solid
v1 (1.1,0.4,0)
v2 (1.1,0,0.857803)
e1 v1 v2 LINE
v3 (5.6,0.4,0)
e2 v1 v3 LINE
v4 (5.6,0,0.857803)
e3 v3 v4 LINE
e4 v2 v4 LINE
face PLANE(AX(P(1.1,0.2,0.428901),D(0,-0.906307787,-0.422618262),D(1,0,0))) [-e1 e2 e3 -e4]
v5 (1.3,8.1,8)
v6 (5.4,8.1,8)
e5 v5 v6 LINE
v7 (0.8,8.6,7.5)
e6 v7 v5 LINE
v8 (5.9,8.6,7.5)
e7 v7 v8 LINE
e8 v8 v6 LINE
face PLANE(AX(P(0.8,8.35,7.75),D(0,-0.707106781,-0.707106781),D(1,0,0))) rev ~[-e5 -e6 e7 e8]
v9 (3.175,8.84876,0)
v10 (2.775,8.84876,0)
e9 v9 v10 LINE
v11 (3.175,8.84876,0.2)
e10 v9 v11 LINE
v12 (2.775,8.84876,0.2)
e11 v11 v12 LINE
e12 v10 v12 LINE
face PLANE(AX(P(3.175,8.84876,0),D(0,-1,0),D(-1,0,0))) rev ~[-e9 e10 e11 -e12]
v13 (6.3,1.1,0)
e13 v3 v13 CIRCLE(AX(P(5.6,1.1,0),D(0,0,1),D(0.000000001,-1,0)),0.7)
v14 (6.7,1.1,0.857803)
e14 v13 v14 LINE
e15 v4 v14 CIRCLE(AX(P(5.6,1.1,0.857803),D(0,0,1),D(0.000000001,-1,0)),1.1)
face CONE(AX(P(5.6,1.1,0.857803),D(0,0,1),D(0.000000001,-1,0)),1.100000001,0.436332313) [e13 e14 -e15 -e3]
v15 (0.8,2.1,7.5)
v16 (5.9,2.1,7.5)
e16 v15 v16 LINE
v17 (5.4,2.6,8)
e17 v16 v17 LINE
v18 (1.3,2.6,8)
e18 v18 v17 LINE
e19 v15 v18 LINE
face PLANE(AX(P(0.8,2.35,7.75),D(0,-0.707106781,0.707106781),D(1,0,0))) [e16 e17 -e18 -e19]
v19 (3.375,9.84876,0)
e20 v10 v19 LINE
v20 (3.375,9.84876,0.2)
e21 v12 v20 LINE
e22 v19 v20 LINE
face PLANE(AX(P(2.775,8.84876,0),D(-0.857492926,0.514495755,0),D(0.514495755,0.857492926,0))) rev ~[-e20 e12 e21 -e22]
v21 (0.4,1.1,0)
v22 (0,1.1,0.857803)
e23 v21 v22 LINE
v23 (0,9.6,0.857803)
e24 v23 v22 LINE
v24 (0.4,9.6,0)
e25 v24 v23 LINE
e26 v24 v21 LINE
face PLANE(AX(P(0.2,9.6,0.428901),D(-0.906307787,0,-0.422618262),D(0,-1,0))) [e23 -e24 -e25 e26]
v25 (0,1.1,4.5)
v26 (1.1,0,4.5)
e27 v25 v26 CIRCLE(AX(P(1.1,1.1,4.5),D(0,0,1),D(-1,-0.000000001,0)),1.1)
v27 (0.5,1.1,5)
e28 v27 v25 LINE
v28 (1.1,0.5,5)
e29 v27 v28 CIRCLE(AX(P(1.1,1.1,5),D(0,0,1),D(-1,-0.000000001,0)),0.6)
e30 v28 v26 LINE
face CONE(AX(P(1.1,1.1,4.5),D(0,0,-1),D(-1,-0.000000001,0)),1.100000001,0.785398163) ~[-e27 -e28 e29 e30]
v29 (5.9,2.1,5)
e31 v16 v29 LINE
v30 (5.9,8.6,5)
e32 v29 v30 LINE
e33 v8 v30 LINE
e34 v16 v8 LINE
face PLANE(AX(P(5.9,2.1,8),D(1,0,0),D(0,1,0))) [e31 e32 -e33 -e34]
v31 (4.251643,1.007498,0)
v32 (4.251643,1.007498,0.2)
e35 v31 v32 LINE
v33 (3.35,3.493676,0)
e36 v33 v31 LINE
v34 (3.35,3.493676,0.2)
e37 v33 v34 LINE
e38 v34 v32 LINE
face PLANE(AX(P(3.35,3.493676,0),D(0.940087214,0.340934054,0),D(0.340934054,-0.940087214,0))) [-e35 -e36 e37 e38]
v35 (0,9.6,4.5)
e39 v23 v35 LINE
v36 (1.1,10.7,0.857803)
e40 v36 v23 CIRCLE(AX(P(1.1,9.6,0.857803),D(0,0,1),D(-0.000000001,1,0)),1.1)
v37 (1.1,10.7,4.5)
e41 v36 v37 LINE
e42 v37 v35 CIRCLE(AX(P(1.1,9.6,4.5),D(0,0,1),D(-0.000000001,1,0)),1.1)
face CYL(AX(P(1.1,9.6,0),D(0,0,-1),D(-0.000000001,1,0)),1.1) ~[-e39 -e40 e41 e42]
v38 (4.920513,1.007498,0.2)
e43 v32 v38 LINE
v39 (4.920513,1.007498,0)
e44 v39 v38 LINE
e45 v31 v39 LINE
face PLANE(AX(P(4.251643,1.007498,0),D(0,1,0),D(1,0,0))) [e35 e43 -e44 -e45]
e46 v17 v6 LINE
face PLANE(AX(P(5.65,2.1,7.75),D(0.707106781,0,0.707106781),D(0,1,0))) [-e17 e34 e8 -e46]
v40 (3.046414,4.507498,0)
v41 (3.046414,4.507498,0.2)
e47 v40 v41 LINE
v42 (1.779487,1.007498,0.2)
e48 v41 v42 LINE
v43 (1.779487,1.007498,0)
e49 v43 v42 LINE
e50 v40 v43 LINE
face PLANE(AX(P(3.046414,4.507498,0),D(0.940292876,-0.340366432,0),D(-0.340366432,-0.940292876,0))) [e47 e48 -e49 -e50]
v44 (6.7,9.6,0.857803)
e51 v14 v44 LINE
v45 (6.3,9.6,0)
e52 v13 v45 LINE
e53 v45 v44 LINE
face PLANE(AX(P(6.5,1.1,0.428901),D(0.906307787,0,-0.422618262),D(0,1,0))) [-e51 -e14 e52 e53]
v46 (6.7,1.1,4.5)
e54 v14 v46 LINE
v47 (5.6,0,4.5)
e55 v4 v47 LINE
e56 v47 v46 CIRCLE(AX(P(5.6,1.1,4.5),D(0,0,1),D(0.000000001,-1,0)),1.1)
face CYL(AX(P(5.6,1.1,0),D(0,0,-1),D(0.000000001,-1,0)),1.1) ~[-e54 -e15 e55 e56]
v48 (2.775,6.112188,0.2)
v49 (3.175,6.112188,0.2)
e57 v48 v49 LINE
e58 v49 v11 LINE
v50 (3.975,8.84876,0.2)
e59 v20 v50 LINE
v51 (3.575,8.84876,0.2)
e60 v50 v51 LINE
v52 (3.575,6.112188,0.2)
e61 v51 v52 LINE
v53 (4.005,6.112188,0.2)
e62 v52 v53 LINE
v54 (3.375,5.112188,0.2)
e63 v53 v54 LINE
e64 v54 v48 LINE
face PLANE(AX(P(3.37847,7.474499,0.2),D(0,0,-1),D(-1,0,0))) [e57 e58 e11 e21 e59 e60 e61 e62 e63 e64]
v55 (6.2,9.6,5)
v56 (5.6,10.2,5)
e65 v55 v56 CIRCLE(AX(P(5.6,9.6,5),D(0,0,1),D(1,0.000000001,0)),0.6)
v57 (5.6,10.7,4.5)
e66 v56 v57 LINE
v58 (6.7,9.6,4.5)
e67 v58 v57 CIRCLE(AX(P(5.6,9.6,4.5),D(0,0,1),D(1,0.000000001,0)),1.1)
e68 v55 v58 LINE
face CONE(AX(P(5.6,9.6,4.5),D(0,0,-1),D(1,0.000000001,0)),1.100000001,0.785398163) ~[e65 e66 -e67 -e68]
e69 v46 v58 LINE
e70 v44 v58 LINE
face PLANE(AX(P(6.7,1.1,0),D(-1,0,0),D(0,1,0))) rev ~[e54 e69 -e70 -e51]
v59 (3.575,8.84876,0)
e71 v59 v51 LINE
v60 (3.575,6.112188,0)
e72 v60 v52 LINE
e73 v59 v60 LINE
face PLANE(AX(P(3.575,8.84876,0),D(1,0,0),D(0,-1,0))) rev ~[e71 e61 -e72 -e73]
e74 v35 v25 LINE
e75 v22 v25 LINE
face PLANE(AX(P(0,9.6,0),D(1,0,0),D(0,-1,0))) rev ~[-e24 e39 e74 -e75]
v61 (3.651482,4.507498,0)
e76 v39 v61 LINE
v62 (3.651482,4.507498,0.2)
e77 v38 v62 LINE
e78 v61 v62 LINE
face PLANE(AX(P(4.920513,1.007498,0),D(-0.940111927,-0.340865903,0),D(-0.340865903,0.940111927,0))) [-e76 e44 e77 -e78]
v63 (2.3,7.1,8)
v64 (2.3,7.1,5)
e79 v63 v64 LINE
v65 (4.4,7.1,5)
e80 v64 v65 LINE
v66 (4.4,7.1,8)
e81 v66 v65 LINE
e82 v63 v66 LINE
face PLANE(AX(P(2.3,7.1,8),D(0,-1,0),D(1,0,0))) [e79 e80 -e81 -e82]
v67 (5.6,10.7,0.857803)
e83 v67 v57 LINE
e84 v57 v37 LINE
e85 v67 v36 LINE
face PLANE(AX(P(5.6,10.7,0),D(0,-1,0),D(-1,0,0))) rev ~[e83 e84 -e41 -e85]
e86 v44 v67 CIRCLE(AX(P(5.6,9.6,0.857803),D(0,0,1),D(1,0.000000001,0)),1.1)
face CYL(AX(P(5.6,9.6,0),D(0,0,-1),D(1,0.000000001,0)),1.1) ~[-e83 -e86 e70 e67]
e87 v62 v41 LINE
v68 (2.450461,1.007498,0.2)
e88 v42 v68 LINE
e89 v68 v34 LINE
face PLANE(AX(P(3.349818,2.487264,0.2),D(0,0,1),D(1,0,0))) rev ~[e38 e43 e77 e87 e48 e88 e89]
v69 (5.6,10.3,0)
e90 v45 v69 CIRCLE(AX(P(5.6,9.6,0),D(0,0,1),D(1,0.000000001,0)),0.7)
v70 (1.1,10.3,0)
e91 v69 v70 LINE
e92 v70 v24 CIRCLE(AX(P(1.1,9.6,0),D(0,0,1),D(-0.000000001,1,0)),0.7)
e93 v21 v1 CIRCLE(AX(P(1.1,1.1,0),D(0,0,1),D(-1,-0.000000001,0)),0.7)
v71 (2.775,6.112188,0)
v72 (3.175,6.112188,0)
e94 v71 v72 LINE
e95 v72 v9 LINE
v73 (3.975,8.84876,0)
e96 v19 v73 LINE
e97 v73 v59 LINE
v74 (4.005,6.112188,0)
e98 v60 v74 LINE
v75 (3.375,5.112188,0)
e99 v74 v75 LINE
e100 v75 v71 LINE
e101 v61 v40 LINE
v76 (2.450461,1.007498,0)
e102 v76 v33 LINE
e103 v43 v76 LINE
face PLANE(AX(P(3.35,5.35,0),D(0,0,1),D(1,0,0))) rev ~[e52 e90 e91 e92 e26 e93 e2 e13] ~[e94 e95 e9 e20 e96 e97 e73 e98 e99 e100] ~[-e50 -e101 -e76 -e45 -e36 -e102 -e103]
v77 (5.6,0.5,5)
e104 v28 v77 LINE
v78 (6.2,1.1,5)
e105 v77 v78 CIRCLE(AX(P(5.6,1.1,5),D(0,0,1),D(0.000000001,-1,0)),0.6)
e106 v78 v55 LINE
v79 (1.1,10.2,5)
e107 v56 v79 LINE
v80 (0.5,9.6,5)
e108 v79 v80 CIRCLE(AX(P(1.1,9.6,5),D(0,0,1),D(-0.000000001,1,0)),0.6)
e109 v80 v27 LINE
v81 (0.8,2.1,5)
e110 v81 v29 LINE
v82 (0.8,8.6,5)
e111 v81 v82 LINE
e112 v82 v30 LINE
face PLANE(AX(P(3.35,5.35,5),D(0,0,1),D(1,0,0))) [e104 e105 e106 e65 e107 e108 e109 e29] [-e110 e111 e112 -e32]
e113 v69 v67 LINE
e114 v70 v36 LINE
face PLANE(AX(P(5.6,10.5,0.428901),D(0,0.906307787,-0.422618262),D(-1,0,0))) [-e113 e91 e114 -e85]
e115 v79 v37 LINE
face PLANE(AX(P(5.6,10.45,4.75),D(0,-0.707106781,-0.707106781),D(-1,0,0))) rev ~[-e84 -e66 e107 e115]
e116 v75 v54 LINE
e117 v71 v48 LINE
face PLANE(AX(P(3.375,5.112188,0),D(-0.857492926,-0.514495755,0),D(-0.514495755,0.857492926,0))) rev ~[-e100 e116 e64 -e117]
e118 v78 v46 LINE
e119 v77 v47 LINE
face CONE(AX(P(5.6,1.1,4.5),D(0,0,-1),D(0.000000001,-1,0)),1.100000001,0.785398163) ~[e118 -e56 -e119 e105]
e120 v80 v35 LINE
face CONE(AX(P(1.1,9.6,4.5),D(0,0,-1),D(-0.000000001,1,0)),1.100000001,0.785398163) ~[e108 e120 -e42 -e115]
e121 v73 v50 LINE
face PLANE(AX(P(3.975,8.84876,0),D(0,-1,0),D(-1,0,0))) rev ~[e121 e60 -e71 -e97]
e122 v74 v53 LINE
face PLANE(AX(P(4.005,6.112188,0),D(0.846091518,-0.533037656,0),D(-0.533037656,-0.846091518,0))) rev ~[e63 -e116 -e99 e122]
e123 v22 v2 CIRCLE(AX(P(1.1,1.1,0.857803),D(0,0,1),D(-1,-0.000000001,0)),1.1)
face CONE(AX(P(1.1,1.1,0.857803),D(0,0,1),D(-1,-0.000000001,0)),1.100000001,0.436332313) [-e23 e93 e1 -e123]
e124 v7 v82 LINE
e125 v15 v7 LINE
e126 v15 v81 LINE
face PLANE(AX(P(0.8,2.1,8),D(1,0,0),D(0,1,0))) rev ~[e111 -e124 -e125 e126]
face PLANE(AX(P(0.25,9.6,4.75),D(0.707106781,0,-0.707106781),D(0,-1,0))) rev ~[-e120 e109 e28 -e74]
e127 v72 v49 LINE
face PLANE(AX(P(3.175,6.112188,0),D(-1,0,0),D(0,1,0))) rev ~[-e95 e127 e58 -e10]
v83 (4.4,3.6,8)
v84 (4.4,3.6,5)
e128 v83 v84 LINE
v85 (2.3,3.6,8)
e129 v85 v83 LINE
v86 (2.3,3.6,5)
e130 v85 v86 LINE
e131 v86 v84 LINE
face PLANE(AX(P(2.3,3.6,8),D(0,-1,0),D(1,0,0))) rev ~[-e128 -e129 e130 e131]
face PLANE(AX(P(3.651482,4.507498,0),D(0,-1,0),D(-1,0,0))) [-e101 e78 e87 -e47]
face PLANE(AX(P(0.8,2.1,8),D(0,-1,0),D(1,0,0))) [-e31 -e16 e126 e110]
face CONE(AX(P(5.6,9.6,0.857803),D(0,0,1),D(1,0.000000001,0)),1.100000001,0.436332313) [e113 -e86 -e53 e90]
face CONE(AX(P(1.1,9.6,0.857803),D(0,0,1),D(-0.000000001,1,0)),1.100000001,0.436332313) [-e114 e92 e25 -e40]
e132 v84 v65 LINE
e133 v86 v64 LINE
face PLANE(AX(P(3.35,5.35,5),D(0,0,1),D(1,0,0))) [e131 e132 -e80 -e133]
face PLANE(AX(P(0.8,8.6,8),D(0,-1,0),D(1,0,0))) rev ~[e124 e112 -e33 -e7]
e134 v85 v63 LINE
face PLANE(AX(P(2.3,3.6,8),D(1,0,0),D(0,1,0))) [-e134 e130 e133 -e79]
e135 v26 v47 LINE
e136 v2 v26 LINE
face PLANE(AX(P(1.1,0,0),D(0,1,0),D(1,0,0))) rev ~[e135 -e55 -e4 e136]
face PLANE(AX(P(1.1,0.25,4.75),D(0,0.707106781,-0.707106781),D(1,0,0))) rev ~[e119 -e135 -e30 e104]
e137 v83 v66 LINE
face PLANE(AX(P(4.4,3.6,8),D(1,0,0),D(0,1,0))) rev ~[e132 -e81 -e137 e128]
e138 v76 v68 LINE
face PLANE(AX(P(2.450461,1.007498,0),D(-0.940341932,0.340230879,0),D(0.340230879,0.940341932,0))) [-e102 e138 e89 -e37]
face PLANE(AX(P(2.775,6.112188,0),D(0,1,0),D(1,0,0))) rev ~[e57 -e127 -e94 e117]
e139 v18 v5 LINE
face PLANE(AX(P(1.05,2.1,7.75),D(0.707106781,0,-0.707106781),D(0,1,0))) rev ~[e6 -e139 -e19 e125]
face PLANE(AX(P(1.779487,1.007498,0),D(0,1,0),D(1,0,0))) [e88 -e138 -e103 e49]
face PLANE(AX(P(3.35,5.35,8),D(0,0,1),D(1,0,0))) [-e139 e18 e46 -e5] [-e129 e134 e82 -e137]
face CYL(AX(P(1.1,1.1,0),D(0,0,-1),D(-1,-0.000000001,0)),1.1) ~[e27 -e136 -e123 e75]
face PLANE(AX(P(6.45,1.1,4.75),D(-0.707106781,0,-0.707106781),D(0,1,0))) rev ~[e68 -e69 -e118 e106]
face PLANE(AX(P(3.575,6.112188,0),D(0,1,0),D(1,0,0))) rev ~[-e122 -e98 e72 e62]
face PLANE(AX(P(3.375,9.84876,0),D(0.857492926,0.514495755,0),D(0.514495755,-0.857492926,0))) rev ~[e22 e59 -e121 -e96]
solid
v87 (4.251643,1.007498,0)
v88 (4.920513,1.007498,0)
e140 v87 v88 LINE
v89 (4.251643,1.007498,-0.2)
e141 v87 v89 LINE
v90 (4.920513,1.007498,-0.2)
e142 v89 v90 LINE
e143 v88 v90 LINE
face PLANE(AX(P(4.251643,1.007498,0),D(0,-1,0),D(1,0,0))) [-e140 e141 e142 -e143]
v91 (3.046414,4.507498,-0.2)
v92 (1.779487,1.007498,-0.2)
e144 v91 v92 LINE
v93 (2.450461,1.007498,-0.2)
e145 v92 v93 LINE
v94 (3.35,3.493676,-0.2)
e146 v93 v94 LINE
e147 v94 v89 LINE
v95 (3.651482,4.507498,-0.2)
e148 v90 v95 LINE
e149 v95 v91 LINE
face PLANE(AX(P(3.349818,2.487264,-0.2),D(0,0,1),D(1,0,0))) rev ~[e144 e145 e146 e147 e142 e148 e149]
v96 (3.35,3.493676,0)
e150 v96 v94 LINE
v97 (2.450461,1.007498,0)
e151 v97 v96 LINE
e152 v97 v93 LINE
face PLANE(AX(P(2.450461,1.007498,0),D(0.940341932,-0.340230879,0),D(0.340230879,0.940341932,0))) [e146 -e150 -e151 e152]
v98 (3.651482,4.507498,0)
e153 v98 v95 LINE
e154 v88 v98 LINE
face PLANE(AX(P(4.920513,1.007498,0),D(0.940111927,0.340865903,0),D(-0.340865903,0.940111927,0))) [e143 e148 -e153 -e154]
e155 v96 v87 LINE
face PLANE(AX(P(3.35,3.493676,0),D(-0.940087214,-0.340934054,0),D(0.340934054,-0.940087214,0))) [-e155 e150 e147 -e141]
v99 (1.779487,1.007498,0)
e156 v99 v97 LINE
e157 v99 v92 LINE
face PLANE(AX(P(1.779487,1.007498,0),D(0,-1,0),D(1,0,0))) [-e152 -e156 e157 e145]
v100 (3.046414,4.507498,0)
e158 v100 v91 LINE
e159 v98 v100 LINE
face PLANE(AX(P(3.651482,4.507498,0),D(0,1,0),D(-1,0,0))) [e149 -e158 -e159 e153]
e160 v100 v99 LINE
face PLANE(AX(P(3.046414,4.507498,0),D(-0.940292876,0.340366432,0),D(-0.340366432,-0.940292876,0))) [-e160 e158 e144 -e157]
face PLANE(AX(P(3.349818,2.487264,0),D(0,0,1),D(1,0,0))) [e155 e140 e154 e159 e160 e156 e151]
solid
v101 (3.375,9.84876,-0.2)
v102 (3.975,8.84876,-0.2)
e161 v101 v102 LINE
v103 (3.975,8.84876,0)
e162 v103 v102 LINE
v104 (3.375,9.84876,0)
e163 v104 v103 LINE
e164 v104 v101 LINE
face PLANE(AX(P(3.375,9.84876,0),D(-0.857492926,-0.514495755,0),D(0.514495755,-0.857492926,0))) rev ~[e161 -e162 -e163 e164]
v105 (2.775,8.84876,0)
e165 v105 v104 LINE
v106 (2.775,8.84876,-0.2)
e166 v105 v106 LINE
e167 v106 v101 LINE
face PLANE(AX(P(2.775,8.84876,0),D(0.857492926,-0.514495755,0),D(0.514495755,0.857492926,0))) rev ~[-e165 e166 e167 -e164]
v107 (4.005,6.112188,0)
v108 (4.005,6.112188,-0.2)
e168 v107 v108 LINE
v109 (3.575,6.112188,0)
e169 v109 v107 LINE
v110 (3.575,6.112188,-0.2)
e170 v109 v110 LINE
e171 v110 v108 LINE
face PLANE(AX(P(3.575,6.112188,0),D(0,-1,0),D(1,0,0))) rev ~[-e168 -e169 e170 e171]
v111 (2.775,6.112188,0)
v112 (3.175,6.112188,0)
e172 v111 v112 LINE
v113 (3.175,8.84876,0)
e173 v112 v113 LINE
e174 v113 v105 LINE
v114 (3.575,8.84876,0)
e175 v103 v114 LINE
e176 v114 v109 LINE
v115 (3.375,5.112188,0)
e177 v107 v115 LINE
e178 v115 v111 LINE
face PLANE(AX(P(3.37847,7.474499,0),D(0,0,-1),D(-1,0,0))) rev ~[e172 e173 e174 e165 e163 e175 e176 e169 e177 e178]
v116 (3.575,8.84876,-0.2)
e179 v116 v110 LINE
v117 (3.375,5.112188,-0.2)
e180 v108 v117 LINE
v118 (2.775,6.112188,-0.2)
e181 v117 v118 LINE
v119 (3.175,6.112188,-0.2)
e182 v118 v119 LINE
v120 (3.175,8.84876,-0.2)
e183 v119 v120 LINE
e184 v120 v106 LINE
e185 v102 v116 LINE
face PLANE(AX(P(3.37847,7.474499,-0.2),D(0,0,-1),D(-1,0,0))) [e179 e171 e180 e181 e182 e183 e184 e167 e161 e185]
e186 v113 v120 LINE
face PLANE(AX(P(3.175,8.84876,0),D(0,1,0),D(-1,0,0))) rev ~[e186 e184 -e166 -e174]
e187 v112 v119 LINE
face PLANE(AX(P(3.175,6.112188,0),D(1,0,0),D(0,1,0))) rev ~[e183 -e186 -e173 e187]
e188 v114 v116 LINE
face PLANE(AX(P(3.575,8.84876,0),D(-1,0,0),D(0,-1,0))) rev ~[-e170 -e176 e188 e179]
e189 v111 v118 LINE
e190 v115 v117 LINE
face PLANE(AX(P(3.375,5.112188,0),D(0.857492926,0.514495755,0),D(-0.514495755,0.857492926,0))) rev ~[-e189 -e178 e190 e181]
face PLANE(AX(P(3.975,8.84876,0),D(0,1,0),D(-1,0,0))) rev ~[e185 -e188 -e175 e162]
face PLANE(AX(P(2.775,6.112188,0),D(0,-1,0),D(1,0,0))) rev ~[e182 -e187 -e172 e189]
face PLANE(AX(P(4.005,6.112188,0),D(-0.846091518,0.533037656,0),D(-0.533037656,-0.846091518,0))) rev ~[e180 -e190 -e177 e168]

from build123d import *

# Parameters (mm, degrees)
BOSS_EXTRU_1_DEPTH      = 8
CHANFREIN1_SIZE         = 0.4
CHANFREIN1_SIZE2        = 0.857802768
ESQUISSE3_W             = 2.1
ESQUISSE3_H             = 3.5
ENL_V_MAT_EXTRU_4_DEPTH = 3
ESQUISSE4_OUTSIDE_W     = 11.69
ESQUISSE4_OUTSIDE_H     = 15.69
ESQUISSE4_OUTSIDE_W_2   = 5.1
ESQUISSE4_OUTSIDE_H_2   = 6.5
ENL_V_MAT_EXTRU_5_DEPTH = 3
CHANFREIN2_SIZE         = 0.5
BOSS_EXTRU_2_DEPTH      = 0.2
ENL_V_MAT_EXTRU_6_DEPTH = 0.2


with BuildPart() as part:
    # Esquisse2 → Boss.-Extru.1 (new body)
    with BuildSketch(Plane.XY):
        with BuildLine():
            Line((1.1, 0), (5.6, 0))
            ThreePointArc((5.6, 0), (6.377817459, 0.322182541), (6.7, 1.1))
            Line((6.7, 1.1), (6.7, 9.6))
            ThreePointArc((6.7, 9.6), (6.377817459, 10.377817459), (5.6, 10.7))
            Line((5.6, 10.7), (1.1, 10.7))
            ThreePointArc((1.1, 10.7), (0.322182541, 10.377817459), (0, 9.6))
            Line((0, 9.6), (0, 1.1))
            ThreePointArc((0, 1.1), (0.322182541, 0.322182541), (1.1, 0))
        make_face()
    extrude(amount=BOSS_EXTRU_1_DEPTH)

    # Chanfrein1
    chanfrein1_edges = [part.edges().sort_by_distance(p)[0] for p in [
        (3.35, 0, 0),
        (6.377817459, 0.322182541, 0),
        (0.322182541, 0.322182541, 0),
        (6.7, 5.35, 0),
        (0, 5.35, 0),
        (6.377817459, 10.377817459, 0),
        (0.322182541, 10.377817459, 0),
        (3.35, 10.7, 0),
    ]]
    chanfrein1_side = [part.faces().sort_by_distance(p)[0] for p in [
        (3.35, 5.35, 0),
    ]]
    chamfer(chanfrein1_edges, length=CHANFREIN1_SIZE, length2=CHANFREIN1_SIZE2, reference=chanfrein1_side[0])

    # Esquisse3 → Enl_v. mat.-Extru.4 (cut)
    with BuildSketch(Plane.XY.offset(8)):
        with Locations((3.35, 5.35)):
            Rectangle(ESQUISSE3_W, ESQUISSE3_H)
    extrude(amount=-ENL_V_MAT_EXTRU_4_DEPTH, mode=Mode.SUBTRACT)

    # Esquisse4 outside → Enl_v. mat.-Extru.5 (cut)
    with BuildSketch(Plane.XY.offset(8)):
        with Locations((3.35, 5.35)):
            Rectangle(ESQUISSE4_OUTSIDE_W, ESQUISSE4_OUTSIDE_H)
        with Locations((3.35, 5.35)):
            Rectangle(ESQUISSE4_OUTSIDE_W_2, ESQUISSE4_OUTSIDE_H_2, mode=Mode.SUBTRACT)
    extrude(amount=-ENL_V_MAT_EXTRU_5_DEPTH, mode=Mode.SUBTRACT)

    # Chanfrein2
    chanfrein2_edges = [part.edges().sort_by_distance(p)[0] for p in [
        (6.7, 5.35, 5),
        (6.377817459, 10.377817459, 5),
        (6.377817459, 0.322182541, 5),
        (3.35, 10.7, 5),
        (3.35, 0, 5),
        (0.322182541, 10.377817459, 5),
        (0.322182541, 0.322182541, 5),
        (0, 5.35, 5),
        (5.9, 5.35, 8),
        (3.35, 8.6, 8),
        (0.8, 5.35, 8),
        (3.35, 2.1, 8),
    ]]
    chamfer(chanfrein2_edges, length=CHANFREIN2_SIZE)

    # Esquisse5 → Boss.-Extru.2 (add)
    with BuildSketch(Plane(origin=(0, 0, 0), x_dir=(-1, 0, 0), z_dir=(0, 0, -1))):
        Polygon((-3.375, 5.112187571), (-2.775, 6.112187571), (-3.175, 6.112187571), (-3.175, 8.848759861), (-2.775, 8.848759861), (-3.375, 9.848759861), (-3.975, 8.848759861), (-3.575, 8.848759861), (-3.575, 6.112187571), (-4.005, 6.112187571), align=None)
        Polygon((-1.779487179, 1.007498111), (-2.450460737, 1.007498111), (-3.35, 3.493675996), (-4.251642628, 1.007498111), (-4.920512821, 1.007498111), (-3.651482372, 4.507498111), (-3.046414263, 4.507498111), align=None)
    extrude(amount=BOSS_EXTRU_2_DEPTH)

    # Esquisse5_2 → Enl_v. mat.-Extru.6 (cut)
    with BuildSketch(Plane(origin=(0, 0, 0), x_dir=(-1, 0, 0), z_dir=(0, 0, -1))):
        Polygon((-3.375, 5.112187571), (-2.775, 6.112187571), (-3.175, 6.112187571), (-3.175, 8.848759861), (-2.775, 8.848759861), (-3.375, 9.848759861), (-3.975, 8.848759861), (-3.575, 8.848759861), (-3.575, 6.112187571), (-4.005, 6.112187571), align=None)
        Polygon((-1.779487179, 1.007498111), (-2.450460737, 1.007498111), (-3.35, 3.493675996), (-4.251642628, 1.007498111), (-4.920512821, 1.007498111), (-3.651482372, 4.507498111), (-3.046414263, 4.507498111), align=None)
    extrude(amount=-ENL_V_MAT_EXTRU_6_DEPTH, mode=Mode.SUBTRACT)


with BuildPart() as enl_v_mat_extru_6_piece_1:
    # of the separate pieces the step leaves, piece 1, a body of its own (enl_v_mat_extru_6_pieces)
    add(part.part.solids().sort_by_distance((0, 1.1, 4.5))[0])


with BuildPart() as enl_v_mat_extru_6_piece_2:
    # of the separate pieces the step leaves, piece 2, a body of its own (enl_v_mat_extru_6_pieces)
    add(part.part.solids().sort_by_distance((1.779487179, 1.007498111, -0.2))[0])


with BuildPart() as enl_v_mat_extru_6_piece_3:
    # of the separate pieces the step leaves, piece 3, a body of its own (enl_v_mat_extru_6_pieces)
    add(part.part.solids().sort_by_distance((4.005, 6.112187571, -0.2))[0])


solid = Compound([enl_v_mat_extru_6_piece_1.part, enl_v_mat_extru_6_piece_2.part, enl_v_mat_extru_6_piece_3.part])
